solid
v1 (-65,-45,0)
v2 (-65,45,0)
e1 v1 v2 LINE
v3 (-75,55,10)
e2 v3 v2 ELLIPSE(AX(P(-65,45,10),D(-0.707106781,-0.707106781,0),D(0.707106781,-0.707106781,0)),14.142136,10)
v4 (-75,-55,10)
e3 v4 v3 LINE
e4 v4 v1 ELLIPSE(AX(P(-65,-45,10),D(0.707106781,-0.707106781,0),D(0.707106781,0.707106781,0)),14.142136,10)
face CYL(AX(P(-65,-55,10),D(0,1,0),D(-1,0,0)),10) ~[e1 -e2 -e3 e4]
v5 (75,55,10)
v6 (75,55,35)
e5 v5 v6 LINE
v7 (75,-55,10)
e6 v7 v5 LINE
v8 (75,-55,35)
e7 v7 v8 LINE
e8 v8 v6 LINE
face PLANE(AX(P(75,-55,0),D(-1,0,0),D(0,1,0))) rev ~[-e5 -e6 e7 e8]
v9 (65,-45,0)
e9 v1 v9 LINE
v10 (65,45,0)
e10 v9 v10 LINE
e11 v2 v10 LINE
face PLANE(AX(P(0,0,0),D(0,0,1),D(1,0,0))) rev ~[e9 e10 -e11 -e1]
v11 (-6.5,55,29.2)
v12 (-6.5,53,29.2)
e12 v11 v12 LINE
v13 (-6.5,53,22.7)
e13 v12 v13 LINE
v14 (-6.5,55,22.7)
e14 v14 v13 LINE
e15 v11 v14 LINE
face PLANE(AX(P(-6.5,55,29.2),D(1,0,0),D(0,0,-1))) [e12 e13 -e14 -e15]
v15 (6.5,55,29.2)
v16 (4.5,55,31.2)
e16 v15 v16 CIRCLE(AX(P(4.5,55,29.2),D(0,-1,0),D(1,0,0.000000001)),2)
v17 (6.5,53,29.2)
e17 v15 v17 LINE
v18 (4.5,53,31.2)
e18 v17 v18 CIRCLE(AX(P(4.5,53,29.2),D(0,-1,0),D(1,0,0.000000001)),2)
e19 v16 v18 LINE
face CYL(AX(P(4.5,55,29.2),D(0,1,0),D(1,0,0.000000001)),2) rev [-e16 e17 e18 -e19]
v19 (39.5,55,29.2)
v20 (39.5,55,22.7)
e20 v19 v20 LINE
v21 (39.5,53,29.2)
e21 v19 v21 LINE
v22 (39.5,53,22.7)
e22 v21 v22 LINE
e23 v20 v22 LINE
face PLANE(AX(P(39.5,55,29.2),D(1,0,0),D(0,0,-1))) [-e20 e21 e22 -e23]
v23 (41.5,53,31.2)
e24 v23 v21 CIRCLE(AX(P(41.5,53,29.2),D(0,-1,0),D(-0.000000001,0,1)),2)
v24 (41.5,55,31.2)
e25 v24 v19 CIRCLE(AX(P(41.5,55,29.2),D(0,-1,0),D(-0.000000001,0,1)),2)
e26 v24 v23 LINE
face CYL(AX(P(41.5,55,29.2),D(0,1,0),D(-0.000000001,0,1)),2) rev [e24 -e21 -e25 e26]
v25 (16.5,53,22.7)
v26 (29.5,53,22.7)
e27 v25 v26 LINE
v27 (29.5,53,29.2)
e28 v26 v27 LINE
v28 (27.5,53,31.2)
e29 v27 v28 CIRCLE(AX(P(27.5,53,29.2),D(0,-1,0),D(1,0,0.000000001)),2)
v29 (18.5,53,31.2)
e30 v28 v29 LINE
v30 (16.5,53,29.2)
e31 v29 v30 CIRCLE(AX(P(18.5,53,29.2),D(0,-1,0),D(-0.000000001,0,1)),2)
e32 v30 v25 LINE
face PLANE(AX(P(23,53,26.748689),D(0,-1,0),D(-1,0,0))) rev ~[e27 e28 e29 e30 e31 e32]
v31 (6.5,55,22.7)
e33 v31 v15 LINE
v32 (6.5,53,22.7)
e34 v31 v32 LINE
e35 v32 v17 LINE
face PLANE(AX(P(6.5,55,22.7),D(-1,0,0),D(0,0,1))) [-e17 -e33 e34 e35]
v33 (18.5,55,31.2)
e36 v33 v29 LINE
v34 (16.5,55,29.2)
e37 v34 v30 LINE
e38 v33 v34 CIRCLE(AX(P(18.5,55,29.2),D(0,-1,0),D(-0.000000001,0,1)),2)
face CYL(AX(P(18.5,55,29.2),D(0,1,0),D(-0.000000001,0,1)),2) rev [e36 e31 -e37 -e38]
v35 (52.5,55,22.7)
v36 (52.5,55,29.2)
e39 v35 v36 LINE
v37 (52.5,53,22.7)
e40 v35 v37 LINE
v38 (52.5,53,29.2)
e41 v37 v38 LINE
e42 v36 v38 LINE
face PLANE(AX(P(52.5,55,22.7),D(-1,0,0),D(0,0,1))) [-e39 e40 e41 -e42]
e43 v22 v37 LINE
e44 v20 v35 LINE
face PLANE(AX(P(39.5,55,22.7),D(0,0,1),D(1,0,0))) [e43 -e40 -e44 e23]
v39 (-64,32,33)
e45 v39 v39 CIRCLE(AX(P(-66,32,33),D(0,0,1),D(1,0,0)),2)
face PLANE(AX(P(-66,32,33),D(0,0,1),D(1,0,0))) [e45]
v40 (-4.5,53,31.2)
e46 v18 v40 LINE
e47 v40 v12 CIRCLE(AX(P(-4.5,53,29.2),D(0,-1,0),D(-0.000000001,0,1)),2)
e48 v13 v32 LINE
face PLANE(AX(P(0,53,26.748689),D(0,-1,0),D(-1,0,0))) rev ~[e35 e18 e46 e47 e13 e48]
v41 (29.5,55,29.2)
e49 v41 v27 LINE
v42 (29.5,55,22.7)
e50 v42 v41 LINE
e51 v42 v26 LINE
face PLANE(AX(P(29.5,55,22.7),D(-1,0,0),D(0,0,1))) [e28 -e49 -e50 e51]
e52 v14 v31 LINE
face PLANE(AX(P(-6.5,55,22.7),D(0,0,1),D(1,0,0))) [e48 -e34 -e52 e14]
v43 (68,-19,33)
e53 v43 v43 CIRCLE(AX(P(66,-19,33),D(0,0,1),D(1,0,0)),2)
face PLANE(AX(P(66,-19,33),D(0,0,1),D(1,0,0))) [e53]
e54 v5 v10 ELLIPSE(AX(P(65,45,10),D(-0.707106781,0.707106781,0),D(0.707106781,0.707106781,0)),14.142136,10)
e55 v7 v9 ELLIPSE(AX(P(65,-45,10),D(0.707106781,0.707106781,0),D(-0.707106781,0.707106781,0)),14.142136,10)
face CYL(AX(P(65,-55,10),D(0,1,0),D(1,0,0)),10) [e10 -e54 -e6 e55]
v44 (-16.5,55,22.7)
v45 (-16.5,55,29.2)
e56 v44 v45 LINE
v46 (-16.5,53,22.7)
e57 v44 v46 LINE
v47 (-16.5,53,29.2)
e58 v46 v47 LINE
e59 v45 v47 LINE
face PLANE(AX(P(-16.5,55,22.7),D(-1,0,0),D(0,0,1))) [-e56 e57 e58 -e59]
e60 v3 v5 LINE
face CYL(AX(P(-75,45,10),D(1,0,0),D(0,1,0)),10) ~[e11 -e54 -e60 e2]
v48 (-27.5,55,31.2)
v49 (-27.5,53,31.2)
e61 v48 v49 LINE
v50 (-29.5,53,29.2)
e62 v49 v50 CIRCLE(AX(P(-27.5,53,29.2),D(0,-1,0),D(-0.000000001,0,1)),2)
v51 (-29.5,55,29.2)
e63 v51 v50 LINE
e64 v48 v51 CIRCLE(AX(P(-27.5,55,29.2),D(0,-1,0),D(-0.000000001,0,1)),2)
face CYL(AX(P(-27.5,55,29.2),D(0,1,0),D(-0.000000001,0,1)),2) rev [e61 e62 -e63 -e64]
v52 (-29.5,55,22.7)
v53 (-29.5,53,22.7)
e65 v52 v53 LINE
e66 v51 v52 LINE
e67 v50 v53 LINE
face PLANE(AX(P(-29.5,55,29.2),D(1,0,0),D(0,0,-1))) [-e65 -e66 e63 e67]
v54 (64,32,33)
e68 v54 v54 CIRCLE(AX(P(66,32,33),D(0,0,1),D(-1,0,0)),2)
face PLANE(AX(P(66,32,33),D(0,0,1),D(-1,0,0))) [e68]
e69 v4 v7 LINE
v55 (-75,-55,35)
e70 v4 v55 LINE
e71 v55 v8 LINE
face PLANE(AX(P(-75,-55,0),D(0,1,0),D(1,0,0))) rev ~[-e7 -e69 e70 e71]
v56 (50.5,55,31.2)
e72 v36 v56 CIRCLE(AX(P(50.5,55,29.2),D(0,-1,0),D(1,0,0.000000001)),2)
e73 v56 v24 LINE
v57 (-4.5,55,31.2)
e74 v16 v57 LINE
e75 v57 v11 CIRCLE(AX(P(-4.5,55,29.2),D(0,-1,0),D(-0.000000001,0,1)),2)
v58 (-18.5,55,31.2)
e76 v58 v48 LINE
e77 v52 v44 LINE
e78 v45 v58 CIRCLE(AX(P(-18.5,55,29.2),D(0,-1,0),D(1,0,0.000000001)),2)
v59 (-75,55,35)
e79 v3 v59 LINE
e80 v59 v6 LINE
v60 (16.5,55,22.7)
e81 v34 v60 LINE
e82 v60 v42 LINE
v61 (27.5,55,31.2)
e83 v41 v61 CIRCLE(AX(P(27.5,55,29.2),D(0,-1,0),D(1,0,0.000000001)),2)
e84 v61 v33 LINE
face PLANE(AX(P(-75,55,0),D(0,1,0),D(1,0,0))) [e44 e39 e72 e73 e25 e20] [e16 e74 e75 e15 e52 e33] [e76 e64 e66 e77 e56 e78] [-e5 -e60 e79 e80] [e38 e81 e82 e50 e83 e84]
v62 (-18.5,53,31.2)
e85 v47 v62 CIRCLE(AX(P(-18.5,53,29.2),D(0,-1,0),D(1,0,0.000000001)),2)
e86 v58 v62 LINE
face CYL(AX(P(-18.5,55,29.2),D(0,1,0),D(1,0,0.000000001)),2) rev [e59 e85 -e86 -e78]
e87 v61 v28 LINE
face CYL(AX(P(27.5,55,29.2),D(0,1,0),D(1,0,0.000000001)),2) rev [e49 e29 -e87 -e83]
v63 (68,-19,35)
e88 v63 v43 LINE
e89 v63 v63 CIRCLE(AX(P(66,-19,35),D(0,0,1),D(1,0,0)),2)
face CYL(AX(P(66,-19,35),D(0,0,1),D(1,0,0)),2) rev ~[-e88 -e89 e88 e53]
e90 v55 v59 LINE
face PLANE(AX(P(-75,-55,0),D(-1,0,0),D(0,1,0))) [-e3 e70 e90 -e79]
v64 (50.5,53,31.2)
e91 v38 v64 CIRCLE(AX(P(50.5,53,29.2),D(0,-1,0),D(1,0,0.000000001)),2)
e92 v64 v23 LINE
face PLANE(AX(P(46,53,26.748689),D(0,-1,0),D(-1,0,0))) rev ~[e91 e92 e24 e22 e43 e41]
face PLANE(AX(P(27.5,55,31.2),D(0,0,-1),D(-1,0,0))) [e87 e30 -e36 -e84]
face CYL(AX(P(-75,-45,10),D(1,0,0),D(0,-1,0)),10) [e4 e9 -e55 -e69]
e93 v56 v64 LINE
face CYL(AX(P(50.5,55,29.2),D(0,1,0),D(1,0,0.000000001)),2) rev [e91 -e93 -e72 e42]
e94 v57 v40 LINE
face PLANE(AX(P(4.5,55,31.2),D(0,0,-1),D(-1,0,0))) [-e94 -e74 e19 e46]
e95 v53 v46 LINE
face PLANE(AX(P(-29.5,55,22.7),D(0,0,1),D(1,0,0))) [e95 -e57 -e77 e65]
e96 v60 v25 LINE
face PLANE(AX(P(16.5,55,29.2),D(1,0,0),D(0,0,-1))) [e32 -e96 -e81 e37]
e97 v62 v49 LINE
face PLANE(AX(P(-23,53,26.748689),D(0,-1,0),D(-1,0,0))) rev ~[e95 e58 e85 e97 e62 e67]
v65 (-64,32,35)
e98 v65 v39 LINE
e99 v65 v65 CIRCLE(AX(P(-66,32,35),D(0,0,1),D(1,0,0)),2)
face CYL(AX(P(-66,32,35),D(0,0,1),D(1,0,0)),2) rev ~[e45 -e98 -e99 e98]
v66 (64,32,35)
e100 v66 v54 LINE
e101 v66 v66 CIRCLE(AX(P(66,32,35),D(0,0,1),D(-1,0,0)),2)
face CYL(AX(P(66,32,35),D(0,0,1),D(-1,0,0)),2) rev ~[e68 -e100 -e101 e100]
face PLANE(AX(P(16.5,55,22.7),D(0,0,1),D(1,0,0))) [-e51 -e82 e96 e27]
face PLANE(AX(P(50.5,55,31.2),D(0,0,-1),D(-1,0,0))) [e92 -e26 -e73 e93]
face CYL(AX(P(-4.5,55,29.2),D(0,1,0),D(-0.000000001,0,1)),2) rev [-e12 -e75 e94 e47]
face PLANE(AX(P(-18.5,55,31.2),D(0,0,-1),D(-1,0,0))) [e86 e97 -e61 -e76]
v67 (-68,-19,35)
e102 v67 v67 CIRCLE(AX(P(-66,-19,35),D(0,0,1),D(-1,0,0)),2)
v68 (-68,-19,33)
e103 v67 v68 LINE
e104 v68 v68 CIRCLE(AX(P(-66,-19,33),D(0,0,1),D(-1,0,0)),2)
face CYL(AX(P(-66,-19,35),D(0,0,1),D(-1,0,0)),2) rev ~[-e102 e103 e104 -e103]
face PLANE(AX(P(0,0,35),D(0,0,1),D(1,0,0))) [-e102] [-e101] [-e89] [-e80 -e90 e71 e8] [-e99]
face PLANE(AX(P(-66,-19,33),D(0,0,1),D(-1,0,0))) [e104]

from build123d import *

# Parameters (mm, degrees)
SKETCH_1_W          = 150
SKETCH_1_H          = 110
EXTRUDE_1_DEPTH     = 35
FILLET_1_R          = 10
SKETCH_4_R          = 2
CUT_EXTRUDE_1_DEPTH = 2
CUT_EXTRUDE_2_DEPTH = 2


with BuildPart() as part:
    # 草图1 → 凸台-拉伸1 (new body)
    with BuildSketch(Plane.XY):
        Rectangle(SKETCH_1_W, SKETCH_1_H)
    extrude(amount=EXTRUDE_1_DEPTH)

    # 圆角1
    fillet_1_edges = [part.edges().sort_by_distance(p)[0] for p in [
        (-75, 0, 0),
        (0, -55, 0),
        (75, 0, 0),
        (0, 55, 0),
    ]]
    fillet(fillet_1_edges, radius=FILLET_1_R)

    # 草图4 → 切除-拉伸1 (cut)
    with BuildSketch(Plane.XY.offset(35)):
        with Locations((-66, 32)):
            Circle(SKETCH_4_R)
        with Locations((-66, -19)):
            Circle(SKETCH_4_R)
        with Locations((66, -19)):
            Circle(SKETCH_4_R)
        with Locations((66, 32)):
            Circle(SKETCH_4_R)
    extrude(amount=-CUT_EXTRUDE_1_DEPTH, mode=Mode.SUBTRACT)

    # 草图5 → 切除-拉伸2 (cut)
    with BuildSketch(Plane(origin=(0, 55, 0), x_dir=(1, 0, 0), z_dir=(0, 1, 0))):
        with BuildLine():
            Line((-6.5, -22.7), (6.5, -22.7))
            Line((6.5, -22.7), (6.5, -29.2))
            ThreePointArc((6.5, -29.2), (5.914213562, -30.614213562), (4.5, -31.2))
            Line((4.5, -31.2), (-4.5, -31.2))
            ThreePointArc((-4.5, -31.2), (-5.914213562, -30.614213562), (-6.5, -29.2))
            Line((-6.5, -29.2), (-6.5, -22.7))
        make_face()
        with BuildLine():
            Line((16.5, -22.7), (29.5, -22.7))
            Line((29.5, -22.7), (29.5, -29.2))
            ThreePointArc((29.5, -29.2), (28.914213562, -30.614213562), (27.5, -31.2))
            Line((27.5, -31.2), (18.5, -31.2))
            ThreePointArc((18.5, -31.2), (17.085786438, -30.614213562), (16.5, -29.2))
            Line((16.5, -29.2), (16.5, -22.7))
        make_face()
        with BuildLine():
            Line((39.5, -22.7), (52.5, -22.7))
            Line((52.5, -22.7), (52.5, -29.2))
            ThreePointArc((52.5, -29.2), (51.914213562, -30.614213562), (50.5, -31.2))
            Line((50.5, -31.2), (41.5, -31.2))
            ThreePointArc((41.5, -31.2), (40.085786438, -30.614213562), (39.5, -29.2))
            Line((39.5, -29.2), (39.5, -22.7))
        make_face()
        with BuildLine():
            Line((-29.5, -22.7), (-16.5, -22.7))
            Line((-16.5, -22.7), (-16.5, -29.2))
            ThreePointArc((-16.5, -29.2), (-17.085786438, -30.614213562), (-18.5, -31.2))
            Line((-18.5, -31.2), (-27.5, -31.2))
            ThreePointArc((-27.5, -31.2), (-28.914213562, -30.614213562), (-29.5, -29.2))
            Line((-29.5, -29.2), (-29.5, -22.7))
        make_face()
    extrude(amount=-CUT_EXTRUDE_2_DEPTH, mode=Mode.SUBTRACT)


solid = part.part
